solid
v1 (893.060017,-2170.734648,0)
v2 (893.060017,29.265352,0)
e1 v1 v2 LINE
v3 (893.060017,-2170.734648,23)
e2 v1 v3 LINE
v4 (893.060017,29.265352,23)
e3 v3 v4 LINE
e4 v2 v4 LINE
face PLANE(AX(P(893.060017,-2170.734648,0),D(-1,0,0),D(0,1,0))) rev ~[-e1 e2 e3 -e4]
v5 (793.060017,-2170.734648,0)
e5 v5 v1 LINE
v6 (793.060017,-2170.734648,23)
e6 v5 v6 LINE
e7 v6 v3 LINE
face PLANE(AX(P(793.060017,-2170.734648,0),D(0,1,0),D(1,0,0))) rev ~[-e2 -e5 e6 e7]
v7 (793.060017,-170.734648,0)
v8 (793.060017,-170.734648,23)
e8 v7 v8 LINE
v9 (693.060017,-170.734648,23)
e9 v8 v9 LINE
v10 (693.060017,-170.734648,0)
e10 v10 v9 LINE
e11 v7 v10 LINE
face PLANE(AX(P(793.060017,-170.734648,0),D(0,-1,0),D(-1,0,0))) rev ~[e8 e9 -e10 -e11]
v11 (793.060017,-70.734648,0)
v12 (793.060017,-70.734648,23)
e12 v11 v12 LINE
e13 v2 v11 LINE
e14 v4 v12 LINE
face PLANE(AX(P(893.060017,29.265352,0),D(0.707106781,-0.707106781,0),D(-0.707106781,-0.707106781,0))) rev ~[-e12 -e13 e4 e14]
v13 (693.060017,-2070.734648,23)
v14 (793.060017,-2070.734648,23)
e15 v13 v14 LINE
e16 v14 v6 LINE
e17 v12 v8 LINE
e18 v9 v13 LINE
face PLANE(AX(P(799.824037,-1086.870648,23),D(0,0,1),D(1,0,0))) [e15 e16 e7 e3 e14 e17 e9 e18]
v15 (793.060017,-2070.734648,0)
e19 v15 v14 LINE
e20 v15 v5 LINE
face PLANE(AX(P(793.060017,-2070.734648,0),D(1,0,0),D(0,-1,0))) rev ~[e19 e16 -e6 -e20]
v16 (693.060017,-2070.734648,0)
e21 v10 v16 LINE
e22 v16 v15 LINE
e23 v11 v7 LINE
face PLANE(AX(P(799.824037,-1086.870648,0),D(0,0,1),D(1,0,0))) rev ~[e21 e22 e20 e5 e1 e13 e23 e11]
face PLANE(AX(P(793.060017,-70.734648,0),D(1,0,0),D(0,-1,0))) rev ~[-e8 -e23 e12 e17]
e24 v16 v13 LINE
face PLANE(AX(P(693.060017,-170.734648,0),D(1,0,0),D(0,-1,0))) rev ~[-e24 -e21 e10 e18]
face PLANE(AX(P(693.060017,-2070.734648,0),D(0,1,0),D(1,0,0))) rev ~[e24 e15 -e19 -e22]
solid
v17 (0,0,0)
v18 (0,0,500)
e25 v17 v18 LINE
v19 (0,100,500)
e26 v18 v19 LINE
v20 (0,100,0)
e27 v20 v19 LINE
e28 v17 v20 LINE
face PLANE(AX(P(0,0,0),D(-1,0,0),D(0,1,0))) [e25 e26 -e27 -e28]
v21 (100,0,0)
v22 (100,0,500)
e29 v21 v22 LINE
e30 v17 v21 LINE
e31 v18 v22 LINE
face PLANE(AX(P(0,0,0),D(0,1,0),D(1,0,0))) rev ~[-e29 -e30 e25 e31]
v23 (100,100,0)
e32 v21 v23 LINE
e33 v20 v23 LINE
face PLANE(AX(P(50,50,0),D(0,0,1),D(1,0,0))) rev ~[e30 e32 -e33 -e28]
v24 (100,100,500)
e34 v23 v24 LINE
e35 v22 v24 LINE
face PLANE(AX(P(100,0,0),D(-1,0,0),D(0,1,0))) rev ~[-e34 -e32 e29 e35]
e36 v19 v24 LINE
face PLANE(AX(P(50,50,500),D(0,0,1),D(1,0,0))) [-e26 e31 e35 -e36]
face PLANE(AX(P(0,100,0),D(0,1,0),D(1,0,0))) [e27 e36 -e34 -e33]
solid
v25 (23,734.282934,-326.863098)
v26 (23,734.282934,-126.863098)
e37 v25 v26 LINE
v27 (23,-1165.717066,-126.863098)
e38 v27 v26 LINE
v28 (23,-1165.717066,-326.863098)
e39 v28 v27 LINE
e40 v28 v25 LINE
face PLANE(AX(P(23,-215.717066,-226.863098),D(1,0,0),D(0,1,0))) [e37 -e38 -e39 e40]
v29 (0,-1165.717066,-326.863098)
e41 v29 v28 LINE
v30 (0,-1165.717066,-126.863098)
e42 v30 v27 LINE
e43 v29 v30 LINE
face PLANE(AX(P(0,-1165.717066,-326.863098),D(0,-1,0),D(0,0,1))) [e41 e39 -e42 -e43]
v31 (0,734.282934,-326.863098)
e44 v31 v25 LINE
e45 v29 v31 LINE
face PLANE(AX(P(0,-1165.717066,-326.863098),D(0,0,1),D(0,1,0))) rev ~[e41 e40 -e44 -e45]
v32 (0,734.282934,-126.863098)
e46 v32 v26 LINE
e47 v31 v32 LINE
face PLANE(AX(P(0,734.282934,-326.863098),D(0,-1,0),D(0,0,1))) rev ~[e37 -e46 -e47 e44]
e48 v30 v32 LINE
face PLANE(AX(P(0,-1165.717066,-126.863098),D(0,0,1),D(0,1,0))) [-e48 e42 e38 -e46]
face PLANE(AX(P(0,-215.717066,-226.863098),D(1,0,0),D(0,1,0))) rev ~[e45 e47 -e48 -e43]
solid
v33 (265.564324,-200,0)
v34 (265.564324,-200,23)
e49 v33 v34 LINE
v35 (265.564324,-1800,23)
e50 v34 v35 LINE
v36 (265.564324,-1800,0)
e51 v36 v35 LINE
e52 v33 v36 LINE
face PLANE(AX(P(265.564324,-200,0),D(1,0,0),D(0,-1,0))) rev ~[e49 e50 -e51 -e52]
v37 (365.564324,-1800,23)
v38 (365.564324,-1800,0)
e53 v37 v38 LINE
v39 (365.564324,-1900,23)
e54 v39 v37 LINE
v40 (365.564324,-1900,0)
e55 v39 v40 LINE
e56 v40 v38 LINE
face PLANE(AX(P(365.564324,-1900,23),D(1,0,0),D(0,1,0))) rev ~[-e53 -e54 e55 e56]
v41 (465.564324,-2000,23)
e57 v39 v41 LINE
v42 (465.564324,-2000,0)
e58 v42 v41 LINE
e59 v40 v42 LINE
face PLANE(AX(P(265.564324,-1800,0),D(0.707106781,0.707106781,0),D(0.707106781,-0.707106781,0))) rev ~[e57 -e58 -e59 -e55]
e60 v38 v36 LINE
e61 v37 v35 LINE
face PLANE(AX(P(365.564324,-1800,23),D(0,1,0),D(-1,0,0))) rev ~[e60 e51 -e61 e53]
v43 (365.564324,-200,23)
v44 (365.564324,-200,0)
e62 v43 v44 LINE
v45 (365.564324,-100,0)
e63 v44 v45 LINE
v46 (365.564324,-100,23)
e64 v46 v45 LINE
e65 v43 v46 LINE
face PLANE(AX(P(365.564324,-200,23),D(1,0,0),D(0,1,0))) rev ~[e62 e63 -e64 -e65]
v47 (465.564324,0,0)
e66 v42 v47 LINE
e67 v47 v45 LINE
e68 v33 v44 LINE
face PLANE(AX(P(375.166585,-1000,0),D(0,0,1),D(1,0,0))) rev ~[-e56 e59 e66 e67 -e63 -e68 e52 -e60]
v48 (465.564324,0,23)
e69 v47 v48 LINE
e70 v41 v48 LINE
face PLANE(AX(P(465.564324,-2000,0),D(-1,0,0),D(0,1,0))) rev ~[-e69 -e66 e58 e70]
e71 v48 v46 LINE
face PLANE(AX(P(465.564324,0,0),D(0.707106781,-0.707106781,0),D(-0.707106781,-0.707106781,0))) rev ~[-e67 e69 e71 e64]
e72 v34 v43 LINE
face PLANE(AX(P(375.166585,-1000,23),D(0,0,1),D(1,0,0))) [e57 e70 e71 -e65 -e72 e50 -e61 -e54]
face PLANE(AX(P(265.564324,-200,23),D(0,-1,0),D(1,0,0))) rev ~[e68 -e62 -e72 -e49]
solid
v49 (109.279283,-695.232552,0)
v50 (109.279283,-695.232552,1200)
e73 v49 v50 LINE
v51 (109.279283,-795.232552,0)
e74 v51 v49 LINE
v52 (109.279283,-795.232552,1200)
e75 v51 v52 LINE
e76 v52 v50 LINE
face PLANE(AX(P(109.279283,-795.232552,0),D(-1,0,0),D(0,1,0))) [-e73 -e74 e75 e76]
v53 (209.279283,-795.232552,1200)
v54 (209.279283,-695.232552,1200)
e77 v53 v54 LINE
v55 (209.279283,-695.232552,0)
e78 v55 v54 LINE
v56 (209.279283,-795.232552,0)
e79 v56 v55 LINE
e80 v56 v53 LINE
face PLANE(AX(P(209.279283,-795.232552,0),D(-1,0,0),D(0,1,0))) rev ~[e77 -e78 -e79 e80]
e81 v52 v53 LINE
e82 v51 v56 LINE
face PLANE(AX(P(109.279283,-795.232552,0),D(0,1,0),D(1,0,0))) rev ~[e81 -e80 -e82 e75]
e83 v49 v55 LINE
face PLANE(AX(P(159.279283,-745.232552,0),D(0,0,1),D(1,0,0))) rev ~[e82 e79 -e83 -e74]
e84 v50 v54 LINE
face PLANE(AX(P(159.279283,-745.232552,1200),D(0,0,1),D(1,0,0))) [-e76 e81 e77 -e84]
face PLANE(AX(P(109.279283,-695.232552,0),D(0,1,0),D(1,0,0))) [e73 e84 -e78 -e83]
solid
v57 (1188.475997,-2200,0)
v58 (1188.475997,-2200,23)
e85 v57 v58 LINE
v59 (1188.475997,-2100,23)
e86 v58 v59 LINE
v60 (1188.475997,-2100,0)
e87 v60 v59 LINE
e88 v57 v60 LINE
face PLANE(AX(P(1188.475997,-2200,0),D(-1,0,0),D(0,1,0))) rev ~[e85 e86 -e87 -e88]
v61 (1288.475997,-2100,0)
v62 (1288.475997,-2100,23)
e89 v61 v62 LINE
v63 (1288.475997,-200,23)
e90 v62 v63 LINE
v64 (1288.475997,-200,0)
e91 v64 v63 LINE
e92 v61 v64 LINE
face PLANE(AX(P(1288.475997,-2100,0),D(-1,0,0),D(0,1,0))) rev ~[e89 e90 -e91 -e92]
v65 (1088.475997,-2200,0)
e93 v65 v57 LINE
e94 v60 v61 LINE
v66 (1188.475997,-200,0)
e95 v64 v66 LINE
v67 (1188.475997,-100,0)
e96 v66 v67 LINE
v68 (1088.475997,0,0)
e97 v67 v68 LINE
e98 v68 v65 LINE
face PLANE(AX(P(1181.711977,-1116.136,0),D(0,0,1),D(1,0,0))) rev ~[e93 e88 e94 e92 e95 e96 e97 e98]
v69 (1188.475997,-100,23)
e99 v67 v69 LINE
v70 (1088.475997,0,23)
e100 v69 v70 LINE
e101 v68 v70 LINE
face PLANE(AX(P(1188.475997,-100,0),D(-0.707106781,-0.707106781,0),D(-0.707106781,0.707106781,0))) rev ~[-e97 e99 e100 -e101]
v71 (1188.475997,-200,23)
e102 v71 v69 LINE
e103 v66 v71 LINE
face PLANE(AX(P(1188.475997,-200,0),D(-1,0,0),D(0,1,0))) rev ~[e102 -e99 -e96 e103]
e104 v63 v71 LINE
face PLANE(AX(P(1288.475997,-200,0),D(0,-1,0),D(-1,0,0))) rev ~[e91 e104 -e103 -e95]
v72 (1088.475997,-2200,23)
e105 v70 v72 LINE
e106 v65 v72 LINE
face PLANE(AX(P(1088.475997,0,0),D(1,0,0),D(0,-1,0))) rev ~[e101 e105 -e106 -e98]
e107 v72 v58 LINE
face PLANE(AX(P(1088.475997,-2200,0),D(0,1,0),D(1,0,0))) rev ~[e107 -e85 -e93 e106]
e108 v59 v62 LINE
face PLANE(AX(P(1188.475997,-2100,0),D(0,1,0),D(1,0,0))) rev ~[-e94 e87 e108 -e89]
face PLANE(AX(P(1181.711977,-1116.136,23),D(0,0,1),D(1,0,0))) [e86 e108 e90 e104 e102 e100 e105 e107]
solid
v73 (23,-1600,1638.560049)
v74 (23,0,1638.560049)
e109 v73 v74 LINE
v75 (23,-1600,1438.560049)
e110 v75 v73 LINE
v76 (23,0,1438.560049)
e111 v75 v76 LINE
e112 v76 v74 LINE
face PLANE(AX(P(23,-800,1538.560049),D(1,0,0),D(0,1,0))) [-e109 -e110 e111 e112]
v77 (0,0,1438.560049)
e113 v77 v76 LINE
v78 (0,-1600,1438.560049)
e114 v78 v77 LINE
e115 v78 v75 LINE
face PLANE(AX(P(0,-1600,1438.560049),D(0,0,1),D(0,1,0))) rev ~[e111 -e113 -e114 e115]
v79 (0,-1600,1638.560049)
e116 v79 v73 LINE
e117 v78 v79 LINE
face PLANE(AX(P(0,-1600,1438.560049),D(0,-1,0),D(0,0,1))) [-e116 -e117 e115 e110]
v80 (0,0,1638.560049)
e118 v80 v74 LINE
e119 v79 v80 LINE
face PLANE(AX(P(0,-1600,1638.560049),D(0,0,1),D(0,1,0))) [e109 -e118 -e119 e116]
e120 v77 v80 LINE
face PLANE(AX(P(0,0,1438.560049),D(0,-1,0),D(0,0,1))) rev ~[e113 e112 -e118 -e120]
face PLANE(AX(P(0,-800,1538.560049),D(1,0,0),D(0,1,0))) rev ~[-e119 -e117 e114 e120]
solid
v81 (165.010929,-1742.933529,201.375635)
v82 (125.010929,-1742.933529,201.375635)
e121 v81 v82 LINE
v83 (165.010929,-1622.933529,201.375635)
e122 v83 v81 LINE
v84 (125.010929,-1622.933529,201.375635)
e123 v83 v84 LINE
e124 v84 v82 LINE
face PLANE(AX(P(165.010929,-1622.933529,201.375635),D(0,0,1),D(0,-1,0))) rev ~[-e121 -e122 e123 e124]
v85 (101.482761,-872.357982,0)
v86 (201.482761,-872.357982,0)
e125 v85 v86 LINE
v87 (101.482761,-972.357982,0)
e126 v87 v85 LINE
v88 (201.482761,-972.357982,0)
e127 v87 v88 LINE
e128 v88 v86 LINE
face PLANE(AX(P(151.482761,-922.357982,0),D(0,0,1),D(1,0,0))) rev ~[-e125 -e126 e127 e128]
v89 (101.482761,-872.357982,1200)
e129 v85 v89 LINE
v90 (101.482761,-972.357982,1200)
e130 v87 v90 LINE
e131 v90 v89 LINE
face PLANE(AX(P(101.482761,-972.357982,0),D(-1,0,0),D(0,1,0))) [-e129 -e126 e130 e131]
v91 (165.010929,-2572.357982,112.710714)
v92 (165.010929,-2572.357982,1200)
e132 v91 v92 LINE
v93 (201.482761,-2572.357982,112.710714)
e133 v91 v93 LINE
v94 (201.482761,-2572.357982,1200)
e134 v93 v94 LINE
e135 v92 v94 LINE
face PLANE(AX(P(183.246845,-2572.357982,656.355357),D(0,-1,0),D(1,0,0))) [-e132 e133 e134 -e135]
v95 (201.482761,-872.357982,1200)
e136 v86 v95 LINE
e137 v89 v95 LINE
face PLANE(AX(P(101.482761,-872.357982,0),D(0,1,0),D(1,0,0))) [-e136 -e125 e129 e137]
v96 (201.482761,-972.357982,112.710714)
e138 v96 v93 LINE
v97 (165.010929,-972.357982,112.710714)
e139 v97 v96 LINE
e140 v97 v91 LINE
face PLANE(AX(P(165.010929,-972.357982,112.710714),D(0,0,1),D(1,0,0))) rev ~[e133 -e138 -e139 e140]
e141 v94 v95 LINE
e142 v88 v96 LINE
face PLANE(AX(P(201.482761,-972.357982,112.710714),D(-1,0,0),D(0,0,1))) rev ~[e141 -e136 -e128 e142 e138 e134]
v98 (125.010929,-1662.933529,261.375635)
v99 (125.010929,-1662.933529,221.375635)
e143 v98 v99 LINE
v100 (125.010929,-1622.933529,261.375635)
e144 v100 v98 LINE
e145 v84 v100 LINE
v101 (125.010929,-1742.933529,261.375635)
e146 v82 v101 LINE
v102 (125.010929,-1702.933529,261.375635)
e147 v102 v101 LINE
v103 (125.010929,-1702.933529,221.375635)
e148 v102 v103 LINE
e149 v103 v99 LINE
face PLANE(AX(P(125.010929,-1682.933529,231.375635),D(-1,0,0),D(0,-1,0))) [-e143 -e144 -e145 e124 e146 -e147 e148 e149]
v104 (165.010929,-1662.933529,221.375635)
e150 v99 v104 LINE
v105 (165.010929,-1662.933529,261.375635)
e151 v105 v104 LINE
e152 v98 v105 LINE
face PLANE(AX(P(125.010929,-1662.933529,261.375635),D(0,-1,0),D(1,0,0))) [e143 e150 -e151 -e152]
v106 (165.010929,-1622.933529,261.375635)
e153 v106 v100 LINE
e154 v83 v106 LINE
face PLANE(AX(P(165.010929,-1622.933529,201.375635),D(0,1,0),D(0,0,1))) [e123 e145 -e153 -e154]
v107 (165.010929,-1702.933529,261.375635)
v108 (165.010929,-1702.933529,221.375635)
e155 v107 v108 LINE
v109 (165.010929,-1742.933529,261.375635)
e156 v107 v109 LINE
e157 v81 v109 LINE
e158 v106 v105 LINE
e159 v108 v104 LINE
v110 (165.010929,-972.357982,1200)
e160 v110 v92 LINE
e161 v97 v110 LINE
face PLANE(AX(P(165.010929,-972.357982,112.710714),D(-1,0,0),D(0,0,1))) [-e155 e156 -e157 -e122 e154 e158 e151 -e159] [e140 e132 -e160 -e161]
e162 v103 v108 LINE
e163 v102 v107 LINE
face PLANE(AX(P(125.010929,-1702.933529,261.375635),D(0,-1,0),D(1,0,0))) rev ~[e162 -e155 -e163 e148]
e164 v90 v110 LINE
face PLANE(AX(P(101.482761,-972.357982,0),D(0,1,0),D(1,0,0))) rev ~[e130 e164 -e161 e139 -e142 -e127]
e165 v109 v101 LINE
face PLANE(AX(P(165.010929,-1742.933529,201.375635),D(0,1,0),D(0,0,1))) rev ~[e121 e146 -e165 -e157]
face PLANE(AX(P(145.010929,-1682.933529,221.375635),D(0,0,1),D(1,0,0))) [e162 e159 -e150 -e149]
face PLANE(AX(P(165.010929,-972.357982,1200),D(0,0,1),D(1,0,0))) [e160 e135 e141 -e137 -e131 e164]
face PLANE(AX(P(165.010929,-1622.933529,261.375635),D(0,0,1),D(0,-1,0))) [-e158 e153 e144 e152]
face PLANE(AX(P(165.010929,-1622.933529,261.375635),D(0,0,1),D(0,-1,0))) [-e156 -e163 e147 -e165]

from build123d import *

# Parameters (mm, degrees)
F0_W      = 100
F0_H      = 100
F1_DEPTH  = 500
F2_W      = 1600
F2_H      = 200
F3_DEPTH  = 23
F5_DEPTH  = 23
F7_DEPTH  = 23
F9_DEPTH  = 23
F10_W     = 100
F10_H     = 100
F11_DEPTH = 1200
F12_W     = 36.471832
F12_H     = 1087.289286
F13_DEPTH = 1600
F14_W     = 120
F14_H     = 60
F15_DEPTH = 40
F16_W     = 40
F16_H     = 40
F17_DEPTH = 40
F18_W     = 1900
F18_H     = 200
F19_DEPTH = 23
F21_DEPTH = 23
F23_DEPTH = 23
F24_W     = 100
F24_H     = 100
F25_DEPTH = 1200


with BuildPart() as f1:
    # F0 (on Top) → F1 (new body)
    with BuildSketch(Plane.XY):
        with Locations((50, 50)):
            Rectangle(F0_W, F0_H)
    extrude(amount=F1_DEPTH)


with BuildPart() as f3:
    # F2 (on Right) → F3 (new body)
    with BuildSketch(Plane.YZ):
        with Locations((-800, 1538.560049)):
            Rectangle(F2_W, F2_H)
    extrude(amount=F3_DEPTH)


with BuildPart() as f5:
    # F4 (on Top) → F5 (new body)
    with BuildSketch(Plane.XY):
        Polygon((465.564324, 0), (265.564324, -200), (265.564324, -1800), (465.564324, -2000), align=None)
    extrude(amount=F5_DEPTH)

    # F6 (on face) → F7 (cut)
    with BuildSketch(Plane.XY.offset(23)):
        Polygon((365.564324, -1800), (265.564324, -1800), (365.564324, -1900), align=None)
    extrude(amount=-F7_DEPTH, mode=Mode.SUBTRACT)

    # F8 (on face) → F9 (cut)
    with BuildSketch(Plane.XY.offset(23)):
        Polygon((365.564324, -100), (265.564324, -200), (365.564324, -200), align=None)
    extrude(amount=-F9_DEPTH, mode=Mode.SUBTRACT)


with BuildPart() as f11:
    # F10 (on Top) → F11 (new body)
    with BuildSketch(Plane.XY):
        with Locations((151.482761, -922.357982)):
            Rectangle(F10_W, F10_H)
    extrude(amount=F11_DEPTH)

    # F12 (on face) → F13 (join)
    with BuildSketch(Plane.XZ.offset(972.357982)):
        with Locations((183.246845, 656.355357)):
            Rectangle(F12_W, F12_H)
    extrude(amount=F13_DEPTH)

    # F14 (on face) → F15 (join)
    with BuildSketch(Plane(origin=(165.010929, 0, 0), x_dir=(0, -1, 0), z_dir=(-1, 0, 0))):
        with Locations((1682.933529, 231.375635)):
            Rectangle(F14_W, F14_H)
    extrude(amount=F15_DEPTH)

    # F16 (on face) → F17 (cut)
    with BuildSketch(Plane.XY.offset(261.375635)):
        with Locations((145.010929, -1682.933529)):
            Rectangle(F16_W, F16_H)
    extrude(amount=-F17_DEPTH, mode=Mode.SUBTRACT)


with BuildPart() as f19:
    # F18 (on Right) → F19 (new body)
    with BuildSketch(Plane.YZ):
        with Locations((-215.717066, -226.863098)):
            Rectangle(F18_W, F18_H)
    extrude(amount=F19_DEPTH)


with BuildPart() as f21:
    # F20 (on Top) → F21 (new body)
    with BuildSketch(Plane.XY):
        Polygon((793.060017, -170.734648), (693.060017, -170.734648), (693.060017, -2070.734648), (793.060017, -2070.734648), (793.060017, -2170.734648), (893.060017, -2170.734648), (893.060017, 29.265352), (793.060017, -70.734648), align=None)
    extrude(amount=F21_DEPTH)


with BuildPart() as f23:
    # F22 (on Top) → F23 (new body)
    with BuildSketch(Plane.XY):
        Polygon((1188.475997, -100), (1088.475997, 0), (1088.475997, -2200), (1188.475997, -2200), (1188.475997, -2100), (1288.475997, -2100), (1288.475997, -200), (1188.475997, -200), align=None)
    extrude(amount=F23_DEPTH)


with BuildPart() as f25:
    # F24 (on Top) → F25 (new body)
    with BuildSketch(Plane.XY):
        with Locations((159.279283, -745.232552)):
            Rectangle(F24_W, F24_H)
    extrude(amount=F25_DEPTH)


solid = Compound([f1.part, f3.part, f5.part, f11.part, f19.part, f21.part, f23.part, f25.part])
